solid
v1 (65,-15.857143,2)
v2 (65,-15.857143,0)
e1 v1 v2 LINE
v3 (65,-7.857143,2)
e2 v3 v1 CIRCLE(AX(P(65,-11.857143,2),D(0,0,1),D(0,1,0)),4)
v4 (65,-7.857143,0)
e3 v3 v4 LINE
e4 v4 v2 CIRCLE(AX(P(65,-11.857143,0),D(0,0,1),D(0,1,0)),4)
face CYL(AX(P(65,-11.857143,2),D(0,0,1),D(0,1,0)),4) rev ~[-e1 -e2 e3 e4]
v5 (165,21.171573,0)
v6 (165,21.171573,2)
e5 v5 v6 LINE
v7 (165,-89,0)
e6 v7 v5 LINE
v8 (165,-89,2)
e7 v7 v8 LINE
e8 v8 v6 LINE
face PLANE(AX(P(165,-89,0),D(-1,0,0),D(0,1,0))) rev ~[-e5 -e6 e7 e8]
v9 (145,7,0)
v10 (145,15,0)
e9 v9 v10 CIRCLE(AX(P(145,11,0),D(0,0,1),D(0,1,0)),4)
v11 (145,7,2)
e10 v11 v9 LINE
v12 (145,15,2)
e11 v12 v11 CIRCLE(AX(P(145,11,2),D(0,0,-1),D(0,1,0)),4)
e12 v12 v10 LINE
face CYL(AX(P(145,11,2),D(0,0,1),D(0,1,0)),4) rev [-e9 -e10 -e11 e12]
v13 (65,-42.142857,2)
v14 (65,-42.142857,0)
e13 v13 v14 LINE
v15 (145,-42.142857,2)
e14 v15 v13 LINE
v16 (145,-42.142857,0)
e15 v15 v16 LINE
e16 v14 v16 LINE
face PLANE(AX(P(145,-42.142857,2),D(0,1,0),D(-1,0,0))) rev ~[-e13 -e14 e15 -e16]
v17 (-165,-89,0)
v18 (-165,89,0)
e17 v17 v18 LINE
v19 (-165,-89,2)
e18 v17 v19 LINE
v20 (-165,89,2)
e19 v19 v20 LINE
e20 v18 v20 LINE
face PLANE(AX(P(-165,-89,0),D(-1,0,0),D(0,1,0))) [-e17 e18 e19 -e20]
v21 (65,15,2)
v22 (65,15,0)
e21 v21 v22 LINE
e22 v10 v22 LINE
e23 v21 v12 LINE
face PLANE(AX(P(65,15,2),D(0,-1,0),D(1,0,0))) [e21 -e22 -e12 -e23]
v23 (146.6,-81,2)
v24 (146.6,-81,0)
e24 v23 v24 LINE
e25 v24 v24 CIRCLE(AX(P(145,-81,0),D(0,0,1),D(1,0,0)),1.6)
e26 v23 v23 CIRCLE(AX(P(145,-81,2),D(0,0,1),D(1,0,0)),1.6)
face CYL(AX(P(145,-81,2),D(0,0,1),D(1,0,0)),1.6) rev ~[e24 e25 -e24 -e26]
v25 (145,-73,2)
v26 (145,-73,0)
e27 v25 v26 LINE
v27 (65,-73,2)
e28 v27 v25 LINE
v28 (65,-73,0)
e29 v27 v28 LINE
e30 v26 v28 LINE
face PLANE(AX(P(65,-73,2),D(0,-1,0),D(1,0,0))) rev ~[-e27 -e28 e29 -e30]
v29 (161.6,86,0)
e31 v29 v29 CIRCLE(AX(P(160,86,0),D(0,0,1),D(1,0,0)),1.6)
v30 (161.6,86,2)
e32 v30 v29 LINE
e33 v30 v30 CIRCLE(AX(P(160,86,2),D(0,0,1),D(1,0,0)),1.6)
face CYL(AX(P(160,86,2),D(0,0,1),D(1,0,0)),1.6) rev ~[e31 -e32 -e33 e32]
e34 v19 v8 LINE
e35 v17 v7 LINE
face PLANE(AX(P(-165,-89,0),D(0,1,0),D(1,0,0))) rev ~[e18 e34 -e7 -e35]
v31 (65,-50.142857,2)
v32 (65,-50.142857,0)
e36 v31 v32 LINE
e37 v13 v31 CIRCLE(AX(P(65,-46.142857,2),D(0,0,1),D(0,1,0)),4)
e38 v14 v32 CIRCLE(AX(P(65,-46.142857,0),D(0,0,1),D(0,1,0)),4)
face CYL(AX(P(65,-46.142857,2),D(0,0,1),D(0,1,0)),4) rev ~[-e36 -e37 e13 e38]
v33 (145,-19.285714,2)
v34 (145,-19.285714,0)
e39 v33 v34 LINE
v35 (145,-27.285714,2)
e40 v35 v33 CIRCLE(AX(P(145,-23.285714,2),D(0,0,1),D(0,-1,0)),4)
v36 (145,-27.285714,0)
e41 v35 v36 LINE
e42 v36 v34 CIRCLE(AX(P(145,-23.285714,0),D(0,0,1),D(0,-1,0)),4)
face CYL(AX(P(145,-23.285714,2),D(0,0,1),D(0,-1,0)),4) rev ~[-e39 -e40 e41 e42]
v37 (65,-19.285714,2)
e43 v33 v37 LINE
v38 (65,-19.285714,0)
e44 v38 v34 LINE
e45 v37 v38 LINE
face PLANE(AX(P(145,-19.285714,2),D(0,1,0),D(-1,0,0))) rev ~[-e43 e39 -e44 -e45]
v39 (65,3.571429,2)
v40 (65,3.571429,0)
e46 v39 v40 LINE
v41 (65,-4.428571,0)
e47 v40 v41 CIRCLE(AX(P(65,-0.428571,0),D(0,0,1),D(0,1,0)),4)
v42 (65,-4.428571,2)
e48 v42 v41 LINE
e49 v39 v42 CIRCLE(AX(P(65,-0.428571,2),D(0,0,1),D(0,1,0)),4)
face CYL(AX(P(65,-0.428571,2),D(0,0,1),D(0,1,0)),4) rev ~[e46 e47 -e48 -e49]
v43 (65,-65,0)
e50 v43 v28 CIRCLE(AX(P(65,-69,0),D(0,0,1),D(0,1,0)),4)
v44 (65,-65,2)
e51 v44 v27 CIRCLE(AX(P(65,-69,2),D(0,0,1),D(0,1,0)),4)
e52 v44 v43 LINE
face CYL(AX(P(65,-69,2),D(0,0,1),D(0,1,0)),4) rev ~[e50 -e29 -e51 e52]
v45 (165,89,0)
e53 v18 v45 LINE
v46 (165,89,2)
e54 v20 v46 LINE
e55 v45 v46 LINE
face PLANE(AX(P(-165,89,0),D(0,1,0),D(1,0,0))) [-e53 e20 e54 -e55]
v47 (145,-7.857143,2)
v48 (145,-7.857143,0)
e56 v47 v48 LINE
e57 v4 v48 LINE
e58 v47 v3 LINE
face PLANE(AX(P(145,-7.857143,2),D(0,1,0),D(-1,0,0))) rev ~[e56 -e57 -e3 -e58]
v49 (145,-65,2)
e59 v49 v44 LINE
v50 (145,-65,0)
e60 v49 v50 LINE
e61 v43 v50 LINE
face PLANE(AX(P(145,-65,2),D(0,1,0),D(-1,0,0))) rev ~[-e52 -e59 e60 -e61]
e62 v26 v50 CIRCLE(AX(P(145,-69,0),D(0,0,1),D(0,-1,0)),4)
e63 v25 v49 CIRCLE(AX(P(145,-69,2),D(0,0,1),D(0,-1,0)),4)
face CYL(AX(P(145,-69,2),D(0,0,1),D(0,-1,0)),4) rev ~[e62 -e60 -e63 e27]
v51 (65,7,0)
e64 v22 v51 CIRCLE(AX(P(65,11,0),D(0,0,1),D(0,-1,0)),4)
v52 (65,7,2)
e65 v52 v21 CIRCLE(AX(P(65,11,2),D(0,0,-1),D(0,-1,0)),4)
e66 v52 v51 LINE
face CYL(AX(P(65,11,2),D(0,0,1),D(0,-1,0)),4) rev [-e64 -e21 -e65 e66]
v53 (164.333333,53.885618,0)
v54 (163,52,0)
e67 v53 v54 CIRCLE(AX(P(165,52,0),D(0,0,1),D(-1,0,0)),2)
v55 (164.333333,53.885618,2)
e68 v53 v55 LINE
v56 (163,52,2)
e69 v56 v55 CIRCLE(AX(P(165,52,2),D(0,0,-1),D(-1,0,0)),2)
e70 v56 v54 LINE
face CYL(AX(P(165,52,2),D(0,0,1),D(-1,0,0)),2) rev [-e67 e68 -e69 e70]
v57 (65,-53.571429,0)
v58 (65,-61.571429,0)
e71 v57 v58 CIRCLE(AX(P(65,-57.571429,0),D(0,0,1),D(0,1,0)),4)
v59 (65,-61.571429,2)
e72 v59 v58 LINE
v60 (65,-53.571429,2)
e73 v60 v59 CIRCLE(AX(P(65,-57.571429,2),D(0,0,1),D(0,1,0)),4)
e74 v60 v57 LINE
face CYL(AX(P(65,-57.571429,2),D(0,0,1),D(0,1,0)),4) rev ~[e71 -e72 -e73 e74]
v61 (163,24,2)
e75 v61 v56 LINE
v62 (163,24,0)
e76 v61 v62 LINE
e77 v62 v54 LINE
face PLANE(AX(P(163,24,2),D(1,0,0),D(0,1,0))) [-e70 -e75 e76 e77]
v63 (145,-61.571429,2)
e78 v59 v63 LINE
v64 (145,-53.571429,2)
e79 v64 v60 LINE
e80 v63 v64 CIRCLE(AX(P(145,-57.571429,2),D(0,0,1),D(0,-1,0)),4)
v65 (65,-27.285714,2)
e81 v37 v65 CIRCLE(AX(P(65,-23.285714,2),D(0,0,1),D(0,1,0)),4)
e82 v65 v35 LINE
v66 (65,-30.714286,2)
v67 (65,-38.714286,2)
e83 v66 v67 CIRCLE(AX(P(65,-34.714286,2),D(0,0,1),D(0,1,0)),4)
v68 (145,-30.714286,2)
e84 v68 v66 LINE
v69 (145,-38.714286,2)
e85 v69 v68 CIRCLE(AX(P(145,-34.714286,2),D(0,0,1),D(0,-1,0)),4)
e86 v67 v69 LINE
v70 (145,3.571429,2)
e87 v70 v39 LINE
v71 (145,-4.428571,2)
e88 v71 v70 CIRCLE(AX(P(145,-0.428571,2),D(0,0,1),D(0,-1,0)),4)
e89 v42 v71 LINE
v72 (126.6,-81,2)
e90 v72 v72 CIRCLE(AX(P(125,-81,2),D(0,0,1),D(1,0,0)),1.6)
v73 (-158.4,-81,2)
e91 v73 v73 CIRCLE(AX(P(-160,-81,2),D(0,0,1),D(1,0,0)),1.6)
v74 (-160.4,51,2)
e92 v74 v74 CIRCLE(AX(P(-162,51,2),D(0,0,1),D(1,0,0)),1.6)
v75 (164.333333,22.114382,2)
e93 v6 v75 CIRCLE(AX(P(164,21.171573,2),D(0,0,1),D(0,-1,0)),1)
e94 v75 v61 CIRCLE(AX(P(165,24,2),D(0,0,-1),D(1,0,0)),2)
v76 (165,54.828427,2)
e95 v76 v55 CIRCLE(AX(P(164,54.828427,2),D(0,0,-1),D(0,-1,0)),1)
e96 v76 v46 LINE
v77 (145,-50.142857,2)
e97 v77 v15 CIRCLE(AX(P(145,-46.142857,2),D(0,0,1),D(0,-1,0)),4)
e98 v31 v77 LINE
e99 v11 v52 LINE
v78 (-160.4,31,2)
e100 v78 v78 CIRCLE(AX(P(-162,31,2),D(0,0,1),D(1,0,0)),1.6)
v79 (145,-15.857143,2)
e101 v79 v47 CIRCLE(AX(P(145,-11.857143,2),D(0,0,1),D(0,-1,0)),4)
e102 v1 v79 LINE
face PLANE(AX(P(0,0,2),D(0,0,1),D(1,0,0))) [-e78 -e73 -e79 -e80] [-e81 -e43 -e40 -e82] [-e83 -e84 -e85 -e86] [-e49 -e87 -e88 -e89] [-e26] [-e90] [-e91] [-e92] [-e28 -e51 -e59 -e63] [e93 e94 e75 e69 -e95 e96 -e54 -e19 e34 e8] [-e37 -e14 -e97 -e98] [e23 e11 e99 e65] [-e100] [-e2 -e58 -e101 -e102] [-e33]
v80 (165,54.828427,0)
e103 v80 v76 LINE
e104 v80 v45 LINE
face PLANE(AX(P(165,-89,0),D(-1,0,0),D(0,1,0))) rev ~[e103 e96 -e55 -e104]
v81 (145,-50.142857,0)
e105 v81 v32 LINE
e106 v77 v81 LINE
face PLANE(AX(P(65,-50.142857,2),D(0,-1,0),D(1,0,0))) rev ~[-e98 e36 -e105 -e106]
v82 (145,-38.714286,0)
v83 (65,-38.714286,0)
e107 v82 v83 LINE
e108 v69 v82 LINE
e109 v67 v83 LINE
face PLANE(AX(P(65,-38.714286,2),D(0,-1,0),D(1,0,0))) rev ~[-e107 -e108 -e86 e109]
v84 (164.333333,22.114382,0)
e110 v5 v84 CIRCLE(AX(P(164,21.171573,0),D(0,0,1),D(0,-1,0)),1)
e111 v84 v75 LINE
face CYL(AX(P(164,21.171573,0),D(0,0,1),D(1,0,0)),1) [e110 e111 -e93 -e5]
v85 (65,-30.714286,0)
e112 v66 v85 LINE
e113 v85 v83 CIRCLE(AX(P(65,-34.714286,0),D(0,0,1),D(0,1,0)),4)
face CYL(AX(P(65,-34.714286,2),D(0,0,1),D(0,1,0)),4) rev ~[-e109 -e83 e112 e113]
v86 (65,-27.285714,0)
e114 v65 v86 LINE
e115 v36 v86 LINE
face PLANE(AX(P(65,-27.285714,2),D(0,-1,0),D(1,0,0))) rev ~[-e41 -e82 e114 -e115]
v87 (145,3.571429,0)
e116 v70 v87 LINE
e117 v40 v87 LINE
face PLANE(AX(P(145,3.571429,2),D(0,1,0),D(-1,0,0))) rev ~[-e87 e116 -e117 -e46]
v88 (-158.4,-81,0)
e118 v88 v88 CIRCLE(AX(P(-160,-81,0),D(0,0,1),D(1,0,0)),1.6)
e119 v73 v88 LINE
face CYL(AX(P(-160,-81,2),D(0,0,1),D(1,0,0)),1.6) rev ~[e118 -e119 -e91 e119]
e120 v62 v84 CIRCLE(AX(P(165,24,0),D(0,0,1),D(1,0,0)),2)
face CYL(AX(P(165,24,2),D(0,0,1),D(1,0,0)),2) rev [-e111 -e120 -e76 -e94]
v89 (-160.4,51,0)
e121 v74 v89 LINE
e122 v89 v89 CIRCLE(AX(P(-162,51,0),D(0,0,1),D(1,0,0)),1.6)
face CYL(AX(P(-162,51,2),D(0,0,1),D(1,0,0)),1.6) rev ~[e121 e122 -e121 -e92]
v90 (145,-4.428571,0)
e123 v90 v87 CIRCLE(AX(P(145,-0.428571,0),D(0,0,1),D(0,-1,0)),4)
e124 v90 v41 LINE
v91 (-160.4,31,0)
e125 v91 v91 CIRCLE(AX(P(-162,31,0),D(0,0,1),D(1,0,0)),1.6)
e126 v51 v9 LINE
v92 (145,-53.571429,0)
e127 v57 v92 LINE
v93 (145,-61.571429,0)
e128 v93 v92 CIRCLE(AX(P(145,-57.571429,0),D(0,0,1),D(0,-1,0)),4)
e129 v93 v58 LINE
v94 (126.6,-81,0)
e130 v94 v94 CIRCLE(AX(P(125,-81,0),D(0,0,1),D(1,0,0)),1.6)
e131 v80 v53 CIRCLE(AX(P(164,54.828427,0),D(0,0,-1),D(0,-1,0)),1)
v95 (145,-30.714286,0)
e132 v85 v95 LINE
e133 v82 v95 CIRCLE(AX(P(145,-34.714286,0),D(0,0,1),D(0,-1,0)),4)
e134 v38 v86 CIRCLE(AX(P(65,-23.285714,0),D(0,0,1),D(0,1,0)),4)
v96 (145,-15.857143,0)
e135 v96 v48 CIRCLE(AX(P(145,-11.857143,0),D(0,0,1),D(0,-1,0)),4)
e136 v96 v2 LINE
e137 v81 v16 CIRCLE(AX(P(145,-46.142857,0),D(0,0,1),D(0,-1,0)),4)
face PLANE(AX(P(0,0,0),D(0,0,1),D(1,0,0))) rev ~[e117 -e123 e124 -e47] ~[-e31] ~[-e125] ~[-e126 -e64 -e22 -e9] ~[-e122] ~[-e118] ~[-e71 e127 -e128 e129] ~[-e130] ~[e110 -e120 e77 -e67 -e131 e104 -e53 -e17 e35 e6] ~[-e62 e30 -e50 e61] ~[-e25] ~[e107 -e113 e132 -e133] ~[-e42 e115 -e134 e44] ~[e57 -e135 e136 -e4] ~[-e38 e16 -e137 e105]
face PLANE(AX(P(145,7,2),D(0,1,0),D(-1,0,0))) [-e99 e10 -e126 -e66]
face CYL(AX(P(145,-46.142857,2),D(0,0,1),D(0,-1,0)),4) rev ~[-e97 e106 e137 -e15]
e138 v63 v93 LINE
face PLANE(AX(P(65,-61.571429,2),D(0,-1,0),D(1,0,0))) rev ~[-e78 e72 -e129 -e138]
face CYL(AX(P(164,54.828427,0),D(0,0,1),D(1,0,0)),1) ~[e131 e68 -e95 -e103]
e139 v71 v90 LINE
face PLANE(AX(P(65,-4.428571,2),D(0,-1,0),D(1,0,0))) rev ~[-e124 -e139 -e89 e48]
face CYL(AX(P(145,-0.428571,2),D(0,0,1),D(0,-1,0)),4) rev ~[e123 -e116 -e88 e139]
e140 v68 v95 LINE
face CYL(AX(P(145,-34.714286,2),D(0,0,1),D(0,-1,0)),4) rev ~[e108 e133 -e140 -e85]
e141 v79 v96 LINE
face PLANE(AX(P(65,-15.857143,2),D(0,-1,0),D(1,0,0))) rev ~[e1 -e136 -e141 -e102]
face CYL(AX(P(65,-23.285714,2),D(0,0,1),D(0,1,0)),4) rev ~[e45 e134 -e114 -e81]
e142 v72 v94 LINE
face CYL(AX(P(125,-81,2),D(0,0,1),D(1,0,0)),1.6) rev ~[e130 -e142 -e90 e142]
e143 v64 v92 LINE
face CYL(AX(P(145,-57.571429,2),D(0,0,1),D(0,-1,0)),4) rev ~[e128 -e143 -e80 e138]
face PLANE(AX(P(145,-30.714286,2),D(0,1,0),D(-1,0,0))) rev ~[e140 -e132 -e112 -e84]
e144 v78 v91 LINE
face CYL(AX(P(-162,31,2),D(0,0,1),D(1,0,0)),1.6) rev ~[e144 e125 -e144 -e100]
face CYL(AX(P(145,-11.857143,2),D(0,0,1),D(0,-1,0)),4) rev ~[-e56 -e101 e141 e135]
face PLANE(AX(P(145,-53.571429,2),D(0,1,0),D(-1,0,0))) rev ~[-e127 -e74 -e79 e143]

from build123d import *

# Parameters (mm, degrees)
SKETCH_1_W          = 330
SKETCH_1_H          = 178
EXTRUDE_1_DEPTH     = 2
CUT_EXTRUDE_1_REACH = 189.483
CUT_EXTRUDE_2_REACH = 189.483
SKETCH_3_R          = 1.6
CUT_EXTRUDE_4_DEPTH = 188.483332593
FILLET_1_R          = 1


with BuildPart() as part:
    # 草图1 → 凸台-拉伸1 (new body)
    with BuildSketch(Plane.XY):
        Rectangle(SKETCH_1_W, SKETCH_1_H)
    extrude(amount=EXTRUDE_1_DEPTH)

    # 草图2 → 切除-拉伸1 (cut, up to next)
    with BuildSketch(Plane.XY.offset(2), mode=Mode.PRIVATE) as cut_extrude_1_sk1:
        with BuildLine():
            Line((65, 15), (145, 15))
            ThreePointArc((145, 15), (149, 11), (145, 7))
            Line((145, 7), (65, 7))
            ThreePointArc((65, 7), (61, 11), (65, 15))
        make_face()
    cut_extrude_1_tool1 = extrude(cut_extrude_1_sk1.sketch, amount=-CUT_EXTRUDE_1_REACH, mode=Mode.PRIVATE) & part.part
    # 草图2 → 切除-拉伸1 (cut, up to next)
    with BuildSketch(Plane.XY.offset(2), mode=Mode.PRIVATE) as cut_extrude_1_sk2:
        with BuildLine():
            Line((65, -4.428571429), (145, -4.428571429))
            ThreePointArc((145, -4.428571429), (149, -0.428571429), (145, 3.571428571))
            Line((145, 3.571428571), (65, 3.571428571))
            ThreePointArc((65, 3.571428571), (61, -0.428571429), (65, -4.428571429))
        make_face()
    cut_extrude_1_tool2 = extrude(cut_extrude_1_sk2.sketch, amount=-CUT_EXTRUDE_1_REACH, mode=Mode.PRIVATE) & part.part
    # 草图2 → 切除-拉伸1 (cut, up to next)
    with BuildSketch(Plane.XY.offset(2), mode=Mode.PRIVATE) as cut_extrude_1_sk3:
        with BuildLine():
            Line((65, -15.857142857), (145, -15.857142857))
            ThreePointArc((145, -15.857142857), (149, -11.857142857), (145, -7.857142857))
            Line((145, -7.857142857), (65, -7.857142857))
            ThreePointArc((65, -7.857142857), (61, -11.857142857), (65, -15.857142857))
        make_face()
    cut_extrude_1_tool3 = extrude(cut_extrude_1_sk3.sketch, amount=-CUT_EXTRUDE_1_REACH, mode=Mode.PRIVATE) & part.part
    # 草图2 → 切除-拉伸1 (cut, up to next)
    with BuildSketch(Plane.XY.offset(2), mode=Mode.PRIVATE) as cut_extrude_1_sk4:
        with BuildLine():
            Line((65, -27.285714286), (145, -27.285714286))
            ThreePointArc((145, -27.285714286), (149, -23.285714286), (145, -19.285714286))
            Line((145, -19.285714286), (65, -19.285714286))
            ThreePointArc((65, -19.285714286), (61, -23.285714286), (65, -27.285714286))
        make_face()
    cut_extrude_1_tool4 = extrude(cut_extrude_1_sk4.sketch, amount=-CUT_EXTRUDE_1_REACH, mode=Mode.PRIVATE) & part.part
    # 草图2 → 切除-拉伸1 (cut, up to next)
    with BuildSketch(Plane.XY.offset(2), mode=Mode.PRIVATE) as cut_extrude_1_sk5:
        with BuildLine():
            Line((65, -38.714285714), (145, -38.714285714))
            ThreePointArc((145, -38.714285714), (149, -34.714285714), (145, -30.714285714))
            Line((145, -30.714285714), (65, -30.714285714))
            ThreePointArc((65, -30.714285714), (61, -34.714285714), (65, -38.714285714))
        make_face()
    cut_extrude_1_tool5 = extrude(cut_extrude_1_sk5.sketch, amount=-CUT_EXTRUDE_1_REACH, mode=Mode.PRIVATE) & part.part
    # 草图2 → 切除-拉伸1 (cut, up to next)
    with BuildSketch(Plane.XY.offset(2), mode=Mode.PRIVATE) as cut_extrude_1_sk6:
        with BuildLine():
            Line((65, -50.142857143), (145, -50.142857143))
            ThreePointArc((145, -50.142857143), (149, -46.142857143), (145, -42.142857143))
            Line((145, -42.142857143), (65, -42.142857143))
            ThreePointArc((65, -42.142857143), (61, -46.142857143), (65, -50.142857143))
        make_face()
    cut_extrude_1_tool6 = extrude(cut_extrude_1_sk6.sketch, amount=-CUT_EXTRUDE_1_REACH, mode=Mode.PRIVATE) & part.part
    # 草图2 → 切除-拉伸1 (cut, up to next)
    with BuildSketch(Plane.XY.offset(2), mode=Mode.PRIVATE) as cut_extrude_1_sk7:
        with BuildLine():
            Line((65, -61.571428571), (145, -61.571428571))
            ThreePointArc((145, -61.571428571), (149, -57.571428571), (145, -53.571428571))
            Line((145, -53.571428571), (65, -53.571428571))
            ThreePointArc((65, -53.571428571), (61, -57.571428571), (65, -61.571428571))
        make_face()
    cut_extrude_1_tool7 = extrude(cut_extrude_1_sk7.sketch, amount=-CUT_EXTRUDE_1_REACH, mode=Mode.PRIVATE) & part.part
    # 草图2 → 切除-拉伸1 (cut, up to next)
    with BuildSketch(Plane.XY.offset(2), mode=Mode.PRIVATE) as cut_extrude_1_sk8:
        with BuildLine():
            Line((65, -73), (145, -73))
            ThreePointArc((145, -73), (149, -69), (145, -65))
            Line((145, -65), (65, -65))
            ThreePointArc((65, -65), (61, -69), (65, -73))
        make_face()
    cut_extrude_1_tool8 = extrude(cut_extrude_1_sk8.sketch, amount=-CUT_EXTRUDE_1_REACH, mode=Mode.PRIVATE) & part.part
    add(cut_extrude_1_tool1.solids().sort_by_distance((105, 11, 2))[0], mode=Mode.SUBTRACT)
    add(cut_extrude_1_tool2.solids().sort_by_distance((105, -0.428571, 2))[0], mode=Mode.SUBTRACT)
    add(cut_extrude_1_tool3.solids().sort_by_distance((105, -11.857143, 2))[0], mode=Mode.SUBTRACT)
    add(cut_extrude_1_tool4.solids().sort_by_distance((105, -23.285714, 2))[0], mode=Mode.SUBTRACT)
    add(cut_extrude_1_tool5.solids().sort_by_distance((105, -34.714286, 2))[0], mode=Mode.SUBTRACT)
    add(cut_extrude_1_tool6.solids().sort_by_distance((105, -46.142857, 2))[0], mode=Mode.SUBTRACT)
    add(cut_extrude_1_tool7.solids().sort_by_distance((105, -57.571429, 2))[0], mode=Mode.SUBTRACT)
    add(cut_extrude_1_tool8.solids().sort_by_distance((105, -69, 2))[0], mode=Mode.SUBTRACT)

    # 草图3 → 切除-拉伸2 (cut, up to next)
    with BuildSketch(Plane.XY.offset(2), mode=Mode.PRIVATE) as cut_extrude_2_sk1:
        with Locations((-162, 51)):
            Circle(SKETCH_3_R)
    cut_extrude_2_tool1 = extrude(cut_extrude_2_sk1.sketch, amount=-CUT_EXTRUDE_2_REACH, mode=Mode.PRIVATE) & part.part
    # 草图3 → 切除-拉伸2 (cut, up to next)
    with BuildSketch(Plane.XY.offset(2), mode=Mode.PRIVATE) as cut_extrude_2_sk2:
        with Locations((-162, 31)):
            Circle(SKETCH_3_R)
    cut_extrude_2_tool2 = extrude(cut_extrude_2_sk2.sketch, amount=-CUT_EXTRUDE_2_REACH, mode=Mode.PRIVATE) & part.part
    # 草图3 → 切除-拉伸2 (cut, up to next)
    with BuildSketch(Plane.XY.offset(2), mode=Mode.PRIVATE) as cut_extrude_2_sk3:
        with Locations((-160, -81)):
            Circle(SKETCH_3_R)
    cut_extrude_2_tool3 = extrude(cut_extrude_2_sk3.sketch, amount=-CUT_EXTRUDE_2_REACH, mode=Mode.PRIVATE) & part.part
    # 草图3 → 切除-拉伸2 (cut, up to next)
    with BuildSketch(Plane.XY.offset(2), mode=Mode.PRIVATE) as cut_extrude_2_sk4:
        with Locations((145, -81)):
            Circle(SKETCH_3_R)
    cut_extrude_2_tool4 = extrude(cut_extrude_2_sk4.sketch, amount=-CUT_EXTRUDE_2_REACH, mode=Mode.PRIVATE) & part.part
    # 草图3 → 切除-拉伸2 (cut, up to next)
    with BuildSketch(Plane.XY.offset(2), mode=Mode.PRIVATE) as cut_extrude_2_sk5:
        with Locations((125, -81)):
            Circle(SKETCH_3_R)
    cut_extrude_2_tool5 = extrude(cut_extrude_2_sk5.sketch, amount=-CUT_EXTRUDE_2_REACH, mode=Mode.PRIVATE) & part.part
    # 草图3 → 切除-拉伸2 (cut, up to next)
    with BuildSketch(Plane.XY.offset(2), mode=Mode.PRIVATE) as cut_extrude_2_sk6:
        with Locations((160, 86)):
            Circle(SKETCH_3_R)
    cut_extrude_2_tool6 = extrude(cut_extrude_2_sk6.sketch, amount=-CUT_EXTRUDE_2_REACH, mode=Mode.PRIVATE) & part.part
    add(cut_extrude_2_tool1.solids().sort_by_distance((-162, 51, 2))[0], mode=Mode.SUBTRACT)
    add(cut_extrude_2_tool2.solids().sort_by_distance((-162, 31, 2))[0], mode=Mode.SUBTRACT)
    add(cut_extrude_2_tool3.solids().sort_by_distance((-160, -81, 2))[0], mode=Mode.SUBTRACT)
    add(cut_extrude_2_tool4.solids().sort_by_distance((145, -81, 2))[0], mode=Mode.SUBTRACT)
    add(cut_extrude_2_tool5.solids().sort_by_distance((125, -81, 2))[0], mode=Mode.SUBTRACT)
    add(cut_extrude_2_tool6.solids().sort_by_distance((160, 86, 2))[0], mode=Mode.SUBTRACT)

    # 草图5 → 切除-拉伸4 (cut, through all)
    with BuildSketch(Plane.XY.offset(2)):
        with BuildLine():
            Line((167, 52), (167, 24))
            ThreePointArc((167, 24), (165, 22), (163, 24))
            Line((163, 24), (163, 52))
            ThreePointArc((163, 52), (165, 54), (167, 52))
        make_face()
    extrude(amount=-CUT_EXTRUDE_4_DEPTH, mode=Mode.SUBTRACT)

    # 圆角1
    fillet_1_edges = [part.edges().sort_by_distance(p)[0] for p in [
        (165, 54, 1),
        (165, 22, 1),
    ]]
    fillet(fillet_1_edges, radius=FILLET_1_R)


solid = part.part
